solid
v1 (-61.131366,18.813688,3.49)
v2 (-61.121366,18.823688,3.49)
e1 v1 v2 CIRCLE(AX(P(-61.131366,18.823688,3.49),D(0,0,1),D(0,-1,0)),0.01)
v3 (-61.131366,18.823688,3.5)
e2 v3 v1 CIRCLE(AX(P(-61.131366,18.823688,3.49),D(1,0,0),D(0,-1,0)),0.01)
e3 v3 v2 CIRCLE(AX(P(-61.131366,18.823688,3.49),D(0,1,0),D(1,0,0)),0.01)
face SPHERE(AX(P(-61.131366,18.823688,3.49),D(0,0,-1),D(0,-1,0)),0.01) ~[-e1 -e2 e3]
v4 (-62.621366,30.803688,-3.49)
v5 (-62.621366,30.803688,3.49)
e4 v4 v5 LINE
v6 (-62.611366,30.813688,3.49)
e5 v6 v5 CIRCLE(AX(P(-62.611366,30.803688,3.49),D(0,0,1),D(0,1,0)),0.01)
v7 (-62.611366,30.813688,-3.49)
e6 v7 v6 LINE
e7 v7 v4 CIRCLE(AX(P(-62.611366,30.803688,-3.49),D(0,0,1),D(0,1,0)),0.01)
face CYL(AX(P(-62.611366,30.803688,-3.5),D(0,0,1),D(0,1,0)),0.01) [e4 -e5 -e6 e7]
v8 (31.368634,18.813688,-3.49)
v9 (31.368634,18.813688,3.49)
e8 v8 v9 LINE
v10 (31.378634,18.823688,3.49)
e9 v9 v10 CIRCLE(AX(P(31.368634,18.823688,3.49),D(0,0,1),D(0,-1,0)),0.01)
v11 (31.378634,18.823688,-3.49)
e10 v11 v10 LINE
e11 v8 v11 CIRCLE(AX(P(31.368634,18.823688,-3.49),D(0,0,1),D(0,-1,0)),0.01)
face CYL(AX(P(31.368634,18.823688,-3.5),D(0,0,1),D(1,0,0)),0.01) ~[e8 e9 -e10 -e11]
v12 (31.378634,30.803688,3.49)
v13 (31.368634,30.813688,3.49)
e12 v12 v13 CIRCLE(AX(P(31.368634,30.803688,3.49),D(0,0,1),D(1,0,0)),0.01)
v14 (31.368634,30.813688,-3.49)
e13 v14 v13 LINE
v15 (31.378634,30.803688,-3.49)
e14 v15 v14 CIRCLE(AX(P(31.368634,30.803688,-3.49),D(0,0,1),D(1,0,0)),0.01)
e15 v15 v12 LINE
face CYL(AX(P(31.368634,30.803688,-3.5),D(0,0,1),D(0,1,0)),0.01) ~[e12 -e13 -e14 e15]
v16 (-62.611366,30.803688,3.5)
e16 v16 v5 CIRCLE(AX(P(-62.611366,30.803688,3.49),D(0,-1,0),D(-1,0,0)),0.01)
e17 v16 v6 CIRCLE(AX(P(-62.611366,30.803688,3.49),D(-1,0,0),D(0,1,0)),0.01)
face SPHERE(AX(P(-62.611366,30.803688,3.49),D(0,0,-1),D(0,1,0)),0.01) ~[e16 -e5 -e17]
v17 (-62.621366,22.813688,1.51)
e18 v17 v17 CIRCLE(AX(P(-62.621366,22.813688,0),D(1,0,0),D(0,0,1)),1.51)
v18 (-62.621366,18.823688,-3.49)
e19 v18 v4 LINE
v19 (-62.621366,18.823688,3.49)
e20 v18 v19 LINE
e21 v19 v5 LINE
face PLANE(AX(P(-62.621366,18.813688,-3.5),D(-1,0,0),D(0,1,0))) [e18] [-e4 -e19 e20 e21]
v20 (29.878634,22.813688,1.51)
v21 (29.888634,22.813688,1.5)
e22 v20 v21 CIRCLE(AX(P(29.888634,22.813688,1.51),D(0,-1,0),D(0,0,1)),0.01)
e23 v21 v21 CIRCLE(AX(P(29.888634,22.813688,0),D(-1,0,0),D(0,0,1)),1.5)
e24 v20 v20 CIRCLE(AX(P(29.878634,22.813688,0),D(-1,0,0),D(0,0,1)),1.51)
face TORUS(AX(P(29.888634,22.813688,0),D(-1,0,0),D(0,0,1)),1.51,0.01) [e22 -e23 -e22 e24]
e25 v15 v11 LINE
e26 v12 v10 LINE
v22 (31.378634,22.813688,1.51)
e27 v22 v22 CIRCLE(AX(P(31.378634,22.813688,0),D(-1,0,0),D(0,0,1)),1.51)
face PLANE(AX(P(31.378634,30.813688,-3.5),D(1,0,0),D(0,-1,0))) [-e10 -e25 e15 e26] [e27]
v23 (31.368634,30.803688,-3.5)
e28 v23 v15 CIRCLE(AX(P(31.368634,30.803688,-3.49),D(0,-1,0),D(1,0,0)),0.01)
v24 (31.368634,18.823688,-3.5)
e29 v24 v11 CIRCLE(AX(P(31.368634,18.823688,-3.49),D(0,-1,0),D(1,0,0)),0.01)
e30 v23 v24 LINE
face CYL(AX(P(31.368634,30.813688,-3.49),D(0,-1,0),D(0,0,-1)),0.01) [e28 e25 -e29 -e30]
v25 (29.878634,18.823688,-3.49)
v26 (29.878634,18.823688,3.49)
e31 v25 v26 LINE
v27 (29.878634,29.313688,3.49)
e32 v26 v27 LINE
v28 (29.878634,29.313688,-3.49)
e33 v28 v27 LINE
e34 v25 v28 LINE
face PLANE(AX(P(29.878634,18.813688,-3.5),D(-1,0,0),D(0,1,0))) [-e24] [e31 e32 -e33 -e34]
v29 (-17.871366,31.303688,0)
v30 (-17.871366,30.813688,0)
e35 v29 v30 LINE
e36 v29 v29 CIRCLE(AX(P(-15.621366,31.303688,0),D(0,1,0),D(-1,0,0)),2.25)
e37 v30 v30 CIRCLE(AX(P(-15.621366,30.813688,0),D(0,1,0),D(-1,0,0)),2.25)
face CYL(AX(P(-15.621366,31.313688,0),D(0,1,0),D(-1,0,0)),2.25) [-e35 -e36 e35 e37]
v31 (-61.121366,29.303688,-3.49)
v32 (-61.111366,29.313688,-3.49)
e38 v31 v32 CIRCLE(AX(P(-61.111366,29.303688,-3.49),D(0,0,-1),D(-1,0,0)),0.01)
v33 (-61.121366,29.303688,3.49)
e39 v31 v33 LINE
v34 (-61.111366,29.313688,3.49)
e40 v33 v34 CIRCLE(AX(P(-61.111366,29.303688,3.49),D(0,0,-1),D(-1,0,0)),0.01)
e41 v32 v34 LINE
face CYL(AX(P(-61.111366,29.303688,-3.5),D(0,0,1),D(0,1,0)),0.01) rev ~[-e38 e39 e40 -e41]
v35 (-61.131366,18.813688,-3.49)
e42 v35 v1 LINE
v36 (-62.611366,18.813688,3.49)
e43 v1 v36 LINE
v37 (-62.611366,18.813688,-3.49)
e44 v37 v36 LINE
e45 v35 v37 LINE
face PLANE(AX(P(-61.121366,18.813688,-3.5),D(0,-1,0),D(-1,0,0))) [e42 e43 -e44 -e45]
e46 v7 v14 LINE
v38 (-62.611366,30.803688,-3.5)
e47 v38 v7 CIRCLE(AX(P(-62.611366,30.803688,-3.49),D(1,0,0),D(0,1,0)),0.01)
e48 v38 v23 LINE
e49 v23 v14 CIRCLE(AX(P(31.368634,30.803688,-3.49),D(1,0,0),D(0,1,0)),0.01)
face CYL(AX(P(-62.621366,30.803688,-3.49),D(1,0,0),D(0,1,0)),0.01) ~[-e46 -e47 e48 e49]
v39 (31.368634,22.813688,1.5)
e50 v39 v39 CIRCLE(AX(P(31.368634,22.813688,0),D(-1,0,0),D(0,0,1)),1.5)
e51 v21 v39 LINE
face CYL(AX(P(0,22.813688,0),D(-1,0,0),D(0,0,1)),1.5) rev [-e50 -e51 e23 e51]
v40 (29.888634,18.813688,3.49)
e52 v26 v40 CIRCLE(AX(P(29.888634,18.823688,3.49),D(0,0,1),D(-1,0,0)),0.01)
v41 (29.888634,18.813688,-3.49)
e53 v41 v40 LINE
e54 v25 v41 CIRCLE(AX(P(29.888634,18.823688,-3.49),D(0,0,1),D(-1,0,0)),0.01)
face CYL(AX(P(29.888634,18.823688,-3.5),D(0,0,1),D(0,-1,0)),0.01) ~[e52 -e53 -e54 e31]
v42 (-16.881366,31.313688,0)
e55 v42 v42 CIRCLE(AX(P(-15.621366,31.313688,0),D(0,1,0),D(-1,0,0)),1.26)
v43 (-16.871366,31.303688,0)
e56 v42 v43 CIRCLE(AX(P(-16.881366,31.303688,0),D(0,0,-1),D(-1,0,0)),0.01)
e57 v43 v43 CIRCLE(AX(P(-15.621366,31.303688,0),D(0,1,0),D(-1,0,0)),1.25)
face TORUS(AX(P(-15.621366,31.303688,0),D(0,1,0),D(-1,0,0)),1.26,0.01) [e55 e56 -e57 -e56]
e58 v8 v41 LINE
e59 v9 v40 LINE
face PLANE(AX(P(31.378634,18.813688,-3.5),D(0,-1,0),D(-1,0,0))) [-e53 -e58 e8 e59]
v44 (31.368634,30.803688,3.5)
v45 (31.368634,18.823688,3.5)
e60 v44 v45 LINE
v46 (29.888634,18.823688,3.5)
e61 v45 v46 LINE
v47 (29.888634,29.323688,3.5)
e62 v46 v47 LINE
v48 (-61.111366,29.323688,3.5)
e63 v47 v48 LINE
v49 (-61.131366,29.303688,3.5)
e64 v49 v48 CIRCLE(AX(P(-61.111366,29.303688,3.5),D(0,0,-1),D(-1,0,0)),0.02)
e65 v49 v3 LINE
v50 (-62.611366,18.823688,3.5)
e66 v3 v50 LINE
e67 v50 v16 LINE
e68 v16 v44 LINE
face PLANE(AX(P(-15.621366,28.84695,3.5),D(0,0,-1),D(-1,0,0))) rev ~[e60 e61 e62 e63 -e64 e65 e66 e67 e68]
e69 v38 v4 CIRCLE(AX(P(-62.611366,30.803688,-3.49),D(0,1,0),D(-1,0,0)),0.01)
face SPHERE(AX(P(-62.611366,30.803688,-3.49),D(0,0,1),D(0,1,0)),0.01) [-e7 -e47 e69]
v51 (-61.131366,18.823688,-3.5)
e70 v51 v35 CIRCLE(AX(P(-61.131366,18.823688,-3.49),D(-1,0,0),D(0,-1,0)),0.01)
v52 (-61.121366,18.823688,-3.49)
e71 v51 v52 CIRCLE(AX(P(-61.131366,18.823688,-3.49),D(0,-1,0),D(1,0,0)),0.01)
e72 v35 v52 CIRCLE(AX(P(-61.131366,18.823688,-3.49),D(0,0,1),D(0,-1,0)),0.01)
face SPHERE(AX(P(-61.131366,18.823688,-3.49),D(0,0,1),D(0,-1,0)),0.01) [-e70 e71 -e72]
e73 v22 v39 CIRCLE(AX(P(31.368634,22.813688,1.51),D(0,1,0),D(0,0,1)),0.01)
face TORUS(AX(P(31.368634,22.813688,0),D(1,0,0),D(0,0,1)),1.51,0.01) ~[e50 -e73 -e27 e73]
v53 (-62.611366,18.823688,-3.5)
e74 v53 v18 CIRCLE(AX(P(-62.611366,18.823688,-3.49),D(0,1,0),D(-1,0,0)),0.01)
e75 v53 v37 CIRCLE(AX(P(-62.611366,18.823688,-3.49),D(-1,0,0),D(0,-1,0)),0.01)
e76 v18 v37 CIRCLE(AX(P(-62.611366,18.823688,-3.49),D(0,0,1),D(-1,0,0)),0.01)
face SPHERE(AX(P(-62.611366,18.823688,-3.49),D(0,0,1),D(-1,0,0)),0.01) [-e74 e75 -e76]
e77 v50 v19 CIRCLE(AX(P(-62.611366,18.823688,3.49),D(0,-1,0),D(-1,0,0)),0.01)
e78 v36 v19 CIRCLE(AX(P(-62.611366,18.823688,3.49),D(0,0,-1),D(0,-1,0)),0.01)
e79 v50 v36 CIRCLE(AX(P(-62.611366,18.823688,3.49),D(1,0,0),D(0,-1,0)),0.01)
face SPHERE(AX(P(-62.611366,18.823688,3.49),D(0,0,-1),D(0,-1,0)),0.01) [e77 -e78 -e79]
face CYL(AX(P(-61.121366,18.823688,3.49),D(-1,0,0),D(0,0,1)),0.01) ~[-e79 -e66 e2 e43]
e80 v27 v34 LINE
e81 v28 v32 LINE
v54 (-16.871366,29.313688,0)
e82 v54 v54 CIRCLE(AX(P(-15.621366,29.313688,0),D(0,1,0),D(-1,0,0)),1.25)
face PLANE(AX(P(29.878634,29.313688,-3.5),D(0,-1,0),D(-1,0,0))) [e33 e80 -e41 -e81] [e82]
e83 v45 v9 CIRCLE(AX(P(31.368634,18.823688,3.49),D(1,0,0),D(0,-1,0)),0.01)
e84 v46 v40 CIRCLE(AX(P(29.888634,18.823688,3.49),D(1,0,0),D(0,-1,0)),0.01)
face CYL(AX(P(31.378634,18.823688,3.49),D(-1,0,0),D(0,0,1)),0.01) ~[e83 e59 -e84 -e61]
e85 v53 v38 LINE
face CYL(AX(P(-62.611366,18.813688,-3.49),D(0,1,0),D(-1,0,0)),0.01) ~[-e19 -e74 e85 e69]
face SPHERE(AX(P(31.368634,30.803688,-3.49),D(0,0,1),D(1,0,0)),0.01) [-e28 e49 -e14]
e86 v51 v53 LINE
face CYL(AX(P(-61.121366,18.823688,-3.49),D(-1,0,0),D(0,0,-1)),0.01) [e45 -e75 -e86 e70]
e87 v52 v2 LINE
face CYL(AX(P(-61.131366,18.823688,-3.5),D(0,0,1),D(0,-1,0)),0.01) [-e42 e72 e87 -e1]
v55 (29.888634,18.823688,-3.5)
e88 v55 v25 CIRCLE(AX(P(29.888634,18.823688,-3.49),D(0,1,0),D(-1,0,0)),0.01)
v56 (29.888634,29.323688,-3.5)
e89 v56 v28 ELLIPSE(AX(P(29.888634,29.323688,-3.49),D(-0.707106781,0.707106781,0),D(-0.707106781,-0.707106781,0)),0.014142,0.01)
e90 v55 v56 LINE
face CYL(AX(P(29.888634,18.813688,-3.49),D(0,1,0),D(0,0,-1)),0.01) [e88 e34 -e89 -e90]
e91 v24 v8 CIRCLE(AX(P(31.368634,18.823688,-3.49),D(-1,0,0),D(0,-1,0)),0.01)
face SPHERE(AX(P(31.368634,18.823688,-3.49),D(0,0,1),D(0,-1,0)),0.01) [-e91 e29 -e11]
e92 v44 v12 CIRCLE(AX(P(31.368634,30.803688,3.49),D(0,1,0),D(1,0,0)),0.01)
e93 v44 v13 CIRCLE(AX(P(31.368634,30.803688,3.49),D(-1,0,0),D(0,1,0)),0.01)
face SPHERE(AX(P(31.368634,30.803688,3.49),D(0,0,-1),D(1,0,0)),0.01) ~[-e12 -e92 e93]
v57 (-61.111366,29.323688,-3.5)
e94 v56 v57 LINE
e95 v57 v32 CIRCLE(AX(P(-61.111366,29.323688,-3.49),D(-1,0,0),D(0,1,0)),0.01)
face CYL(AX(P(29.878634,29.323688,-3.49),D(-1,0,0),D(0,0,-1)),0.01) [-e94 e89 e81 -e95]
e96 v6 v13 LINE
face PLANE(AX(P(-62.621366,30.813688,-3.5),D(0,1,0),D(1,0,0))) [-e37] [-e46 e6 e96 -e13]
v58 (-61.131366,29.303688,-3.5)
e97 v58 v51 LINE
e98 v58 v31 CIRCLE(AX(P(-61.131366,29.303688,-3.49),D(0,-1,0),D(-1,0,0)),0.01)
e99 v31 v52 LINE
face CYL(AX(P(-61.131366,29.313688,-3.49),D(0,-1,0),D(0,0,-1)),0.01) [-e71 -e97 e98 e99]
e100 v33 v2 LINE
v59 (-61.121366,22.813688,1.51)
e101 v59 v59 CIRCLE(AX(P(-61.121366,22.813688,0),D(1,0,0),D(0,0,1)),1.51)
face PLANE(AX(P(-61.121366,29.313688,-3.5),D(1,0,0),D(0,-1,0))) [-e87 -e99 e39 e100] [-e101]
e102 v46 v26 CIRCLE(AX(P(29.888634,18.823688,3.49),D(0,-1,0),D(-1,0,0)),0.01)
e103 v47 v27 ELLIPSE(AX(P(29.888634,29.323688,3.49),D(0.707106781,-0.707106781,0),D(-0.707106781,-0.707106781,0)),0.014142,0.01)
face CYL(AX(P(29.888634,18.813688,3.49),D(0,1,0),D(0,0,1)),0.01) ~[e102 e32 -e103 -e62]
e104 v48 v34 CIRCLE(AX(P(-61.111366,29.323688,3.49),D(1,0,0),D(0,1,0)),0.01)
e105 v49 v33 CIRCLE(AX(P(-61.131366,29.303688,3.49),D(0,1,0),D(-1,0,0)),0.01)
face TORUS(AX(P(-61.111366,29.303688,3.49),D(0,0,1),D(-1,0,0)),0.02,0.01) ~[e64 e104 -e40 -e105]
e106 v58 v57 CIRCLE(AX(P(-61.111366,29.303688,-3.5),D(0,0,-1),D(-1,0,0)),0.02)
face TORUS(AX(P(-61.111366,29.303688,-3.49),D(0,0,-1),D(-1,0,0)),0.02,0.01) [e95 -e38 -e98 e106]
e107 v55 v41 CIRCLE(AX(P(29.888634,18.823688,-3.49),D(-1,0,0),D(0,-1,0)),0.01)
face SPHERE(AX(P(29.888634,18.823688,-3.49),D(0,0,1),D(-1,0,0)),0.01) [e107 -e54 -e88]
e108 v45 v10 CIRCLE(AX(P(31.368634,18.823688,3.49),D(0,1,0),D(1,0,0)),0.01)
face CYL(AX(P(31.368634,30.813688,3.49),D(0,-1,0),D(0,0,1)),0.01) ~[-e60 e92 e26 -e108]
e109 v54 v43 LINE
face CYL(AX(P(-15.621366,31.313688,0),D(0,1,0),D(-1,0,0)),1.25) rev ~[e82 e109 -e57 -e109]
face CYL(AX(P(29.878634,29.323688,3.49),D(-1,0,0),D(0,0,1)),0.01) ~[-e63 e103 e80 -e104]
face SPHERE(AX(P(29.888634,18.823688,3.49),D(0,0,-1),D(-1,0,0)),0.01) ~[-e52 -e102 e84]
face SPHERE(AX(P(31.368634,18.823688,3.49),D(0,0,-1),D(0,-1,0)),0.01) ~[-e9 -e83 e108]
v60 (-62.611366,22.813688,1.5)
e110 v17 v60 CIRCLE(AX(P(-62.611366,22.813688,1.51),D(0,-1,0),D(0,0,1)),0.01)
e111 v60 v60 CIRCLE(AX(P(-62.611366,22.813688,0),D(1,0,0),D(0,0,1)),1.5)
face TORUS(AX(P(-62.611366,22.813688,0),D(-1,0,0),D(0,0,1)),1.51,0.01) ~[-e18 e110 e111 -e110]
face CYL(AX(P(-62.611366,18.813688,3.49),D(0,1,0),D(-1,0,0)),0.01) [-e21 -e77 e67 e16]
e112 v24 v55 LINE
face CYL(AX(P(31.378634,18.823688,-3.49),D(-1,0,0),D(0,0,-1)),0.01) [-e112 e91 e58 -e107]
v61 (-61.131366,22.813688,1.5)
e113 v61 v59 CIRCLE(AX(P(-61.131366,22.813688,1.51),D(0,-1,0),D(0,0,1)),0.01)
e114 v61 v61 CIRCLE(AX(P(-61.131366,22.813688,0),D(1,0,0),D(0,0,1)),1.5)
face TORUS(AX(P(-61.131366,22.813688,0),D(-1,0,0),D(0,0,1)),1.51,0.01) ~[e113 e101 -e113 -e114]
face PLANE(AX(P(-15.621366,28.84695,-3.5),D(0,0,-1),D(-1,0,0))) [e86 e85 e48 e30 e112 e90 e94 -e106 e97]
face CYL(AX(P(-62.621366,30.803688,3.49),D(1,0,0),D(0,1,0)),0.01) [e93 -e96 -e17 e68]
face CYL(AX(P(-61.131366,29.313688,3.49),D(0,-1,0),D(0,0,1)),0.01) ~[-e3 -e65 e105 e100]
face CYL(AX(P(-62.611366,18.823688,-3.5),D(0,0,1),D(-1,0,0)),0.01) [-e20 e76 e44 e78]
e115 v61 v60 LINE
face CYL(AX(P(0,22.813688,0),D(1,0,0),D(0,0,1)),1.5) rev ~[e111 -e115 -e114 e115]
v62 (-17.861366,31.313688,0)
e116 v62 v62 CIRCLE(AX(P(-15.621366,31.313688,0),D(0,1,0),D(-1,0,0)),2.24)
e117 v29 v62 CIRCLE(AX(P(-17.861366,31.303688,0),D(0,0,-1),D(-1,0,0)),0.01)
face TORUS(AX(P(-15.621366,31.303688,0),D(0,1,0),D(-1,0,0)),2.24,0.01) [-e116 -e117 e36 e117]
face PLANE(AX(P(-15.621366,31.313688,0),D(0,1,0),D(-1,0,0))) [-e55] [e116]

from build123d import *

# Parameters (mm, degrees)
BOSS_EXTRUDE1_DEPTH            = 3.5
BOSS_EXTRUDE1_DEPTH_BACK       = 3.5
SKETCH3_R                      = 1.25
CUT_EXTRUDE5_DEPTH             = 3.5
BOSS_EXTRUDE2_START            = 0.5
SKETCH5_R                      = 2.25
SKETCH5_R_2                    = 1.25
BOSS_EXTRUDE2_DEPTH            = 0.5
CUT_EXTRUDE6_REACH             = 72.102
SKETCH6_R                      = 1.5
CUT_EXTRUDE6_DIRECTION_2_REACH = 72.102
FILLET1_R                      = 0.01


with BuildPart() as part:
    # Sketch1 → Boss-Extrude1 (new, two sides: drawn at the far end of the back side and taken through both)
    with BuildSketch(Plane.XY.offset(-BOSS_EXTRUDE1_DEPTH_BACK)):
        Polygon((-62.621366216, 18.813688138), (-62.621366216, 30.813688138), (31.378633784, 30.813688138), (31.378633784, 18.813688138), (29.878633784, 18.813688138), (29.878633784, 29.313688138), (-61.121366216, 29.313688138), (-61.121366216, 18.813688138), align=None)
    extrude(amount=BOSS_EXTRUDE1_DEPTH + BOSS_EXTRUDE1_DEPTH_BACK)

    # Sketch3 → Cut-Extrude5 (cut)
    with BuildSketch(Plane(origin=(0, 30.813688138, 0), x_dir=(1, 0, 0), z_dir=(0, 1, 0))):
        with Locations((-15.621366216, 0)):
            Circle(SKETCH3_R)
    extrude(amount=-CUT_EXTRUDE5_DEPTH, mode=Mode.SUBTRACT)

    # Sketch5 → Boss-Extrude2 (add)
    with BuildSketch(Plane(origin=(0, 30.813688138, 0), x_dir=(1, 0, 0), z_dir=(0, 1, 0)).offset(BOSS_EXTRUDE2_START)):
        with Locations((-15.621366216, 0)):
            Circle(SKETCH5_R)
        with Locations((-15.621366216, 0)):
            Circle(SKETCH5_R_2, mode=Mode.SUBTRACT)
    extrude(amount=-BOSS_EXTRUDE2_DEPTH)

    # Cut-Extrude6: up to this face of the body (flat: up to its plane)
    cut_extrude6_end = Plane(part.part.faces().sort_by_distance((31.378633784, 24.813688138, 0))[0])
    # Sketch6 → Cut-Extrude6 (cut, up to the picked face)
    with BuildSketch(Plane(origin=(0, 0, 0), x_dir=(0, 0, -1), z_dir=(1, 0, 0)), mode=Mode.PRIVATE) as cut_extrude6_sk1:
        with Locations((0, 22.813688138)):
            Circle(SKETCH6_R)
    cut_extrude6_tool1 = split(extrude(cut_extrude6_sk1.sketch, amount=CUT_EXTRUDE6_REACH, mode=Mode.PRIVATE), bisect_by=cut_extrude6_end, keep=Keep.BOTH, mode=Mode.PRIVATE)
    add(cut_extrude6_tool1.solids().sort_by(Axis((0, 22.813688, 0), (1, 0, 0)))[0], mode=Mode.SUBTRACT)

    # Cut-Extrude6 direction 2: up to this face of the body (flat: up to its plane)
    cut_extrude6_direction_2_end = Plane(part.part.faces().sort_by_distance((-62.621366216, 24.813688138, 0))[0])
    # Sketch6 → Cut-Extrude6 direction 2 (cut, up to the picked face)
    with BuildSketch(Plane(origin=(0, 0, 0), x_dir=(0, 0, -1), z_dir=(1, 0, 0)), mode=Mode.PRIVATE) as cut_extrude6_direction_2_sk1:
        with Locations((0, 22.813688138)):
            Circle(SKETCH6_R)
    cut_extrude6_direction_2_tool1 = split(extrude(cut_extrude6_direction_2_sk1.sketch, amount=-CUT_EXTRUDE6_DIRECTION_2_REACH, mode=Mode.PRIVATE), bisect_by=cut_extrude6_direction_2_end, keep=Keep.BOTH, mode=Mode.PRIVATE)
    add(cut_extrude6_direction_2_tool1.solids().sort_by(Axis((0, 22.813688, 0), (-1, 0, 0)))[0], mode=Mode.SUBTRACT)

    # Fillet1
    fillet1_edges = [part.edges().sort_by_distance(p)[0] for p in [
        (-15.621366216, 29.313688138, -3.5),
        (31.378633784, 22.813688138, 1.5),
        (31.378633784, 24.813688138, -3.5),
        (31.378633784, 18.813688138, 0),
        (31.378633784, 24.813688138, 3.5),
        (31.378633784, 30.813688138, 0),
        (-61.121366216, 24.063688138, -3.5),
        (-61.121366216, 18.813688138, 0),
        (-61.121366216, 24.063688138, 3.5),
        (-61.121366216, 29.313688138, 0),
        (-62.621366216, 24.813688138, -3.5),
        (-62.621366216, 30.813688138, 0),
        (-62.621366216, 24.813688138, 3.5),
        (-62.621366216, 18.813688138, 0),
        (-16.871366216, 31.313688138, 0),
        (-17.871366216, 31.313688138, 0),
        (29.878633784, 24.063688138, -3.5),
        (29.878633784, 18.813688138, 0),
        (29.878633784, 22.813688138, 1.5),
        (29.878633784, 24.063688138, 3.5),
        (-61.871366216, 18.813688138, 3.5),
        (-15.621366216, 29.313688138, 3.5),
        (-15.621366216, 30.813688138, -3.5),
        (-15.621366216, 30.813688138, 3.5),
        (-61.121366216, 22.813688138, 1.5),
        (-61.871366216, 18.813688138, -3.5),
        (-62.621366216, 22.813688138, 1.5),
        (30.628633784, 18.813688138, -3.5),
        (30.628633784, 18.813688138, 3.5),
    ]]
    fillet(fillet1_edges, radius=FILLET1_R)


solid = part.part
